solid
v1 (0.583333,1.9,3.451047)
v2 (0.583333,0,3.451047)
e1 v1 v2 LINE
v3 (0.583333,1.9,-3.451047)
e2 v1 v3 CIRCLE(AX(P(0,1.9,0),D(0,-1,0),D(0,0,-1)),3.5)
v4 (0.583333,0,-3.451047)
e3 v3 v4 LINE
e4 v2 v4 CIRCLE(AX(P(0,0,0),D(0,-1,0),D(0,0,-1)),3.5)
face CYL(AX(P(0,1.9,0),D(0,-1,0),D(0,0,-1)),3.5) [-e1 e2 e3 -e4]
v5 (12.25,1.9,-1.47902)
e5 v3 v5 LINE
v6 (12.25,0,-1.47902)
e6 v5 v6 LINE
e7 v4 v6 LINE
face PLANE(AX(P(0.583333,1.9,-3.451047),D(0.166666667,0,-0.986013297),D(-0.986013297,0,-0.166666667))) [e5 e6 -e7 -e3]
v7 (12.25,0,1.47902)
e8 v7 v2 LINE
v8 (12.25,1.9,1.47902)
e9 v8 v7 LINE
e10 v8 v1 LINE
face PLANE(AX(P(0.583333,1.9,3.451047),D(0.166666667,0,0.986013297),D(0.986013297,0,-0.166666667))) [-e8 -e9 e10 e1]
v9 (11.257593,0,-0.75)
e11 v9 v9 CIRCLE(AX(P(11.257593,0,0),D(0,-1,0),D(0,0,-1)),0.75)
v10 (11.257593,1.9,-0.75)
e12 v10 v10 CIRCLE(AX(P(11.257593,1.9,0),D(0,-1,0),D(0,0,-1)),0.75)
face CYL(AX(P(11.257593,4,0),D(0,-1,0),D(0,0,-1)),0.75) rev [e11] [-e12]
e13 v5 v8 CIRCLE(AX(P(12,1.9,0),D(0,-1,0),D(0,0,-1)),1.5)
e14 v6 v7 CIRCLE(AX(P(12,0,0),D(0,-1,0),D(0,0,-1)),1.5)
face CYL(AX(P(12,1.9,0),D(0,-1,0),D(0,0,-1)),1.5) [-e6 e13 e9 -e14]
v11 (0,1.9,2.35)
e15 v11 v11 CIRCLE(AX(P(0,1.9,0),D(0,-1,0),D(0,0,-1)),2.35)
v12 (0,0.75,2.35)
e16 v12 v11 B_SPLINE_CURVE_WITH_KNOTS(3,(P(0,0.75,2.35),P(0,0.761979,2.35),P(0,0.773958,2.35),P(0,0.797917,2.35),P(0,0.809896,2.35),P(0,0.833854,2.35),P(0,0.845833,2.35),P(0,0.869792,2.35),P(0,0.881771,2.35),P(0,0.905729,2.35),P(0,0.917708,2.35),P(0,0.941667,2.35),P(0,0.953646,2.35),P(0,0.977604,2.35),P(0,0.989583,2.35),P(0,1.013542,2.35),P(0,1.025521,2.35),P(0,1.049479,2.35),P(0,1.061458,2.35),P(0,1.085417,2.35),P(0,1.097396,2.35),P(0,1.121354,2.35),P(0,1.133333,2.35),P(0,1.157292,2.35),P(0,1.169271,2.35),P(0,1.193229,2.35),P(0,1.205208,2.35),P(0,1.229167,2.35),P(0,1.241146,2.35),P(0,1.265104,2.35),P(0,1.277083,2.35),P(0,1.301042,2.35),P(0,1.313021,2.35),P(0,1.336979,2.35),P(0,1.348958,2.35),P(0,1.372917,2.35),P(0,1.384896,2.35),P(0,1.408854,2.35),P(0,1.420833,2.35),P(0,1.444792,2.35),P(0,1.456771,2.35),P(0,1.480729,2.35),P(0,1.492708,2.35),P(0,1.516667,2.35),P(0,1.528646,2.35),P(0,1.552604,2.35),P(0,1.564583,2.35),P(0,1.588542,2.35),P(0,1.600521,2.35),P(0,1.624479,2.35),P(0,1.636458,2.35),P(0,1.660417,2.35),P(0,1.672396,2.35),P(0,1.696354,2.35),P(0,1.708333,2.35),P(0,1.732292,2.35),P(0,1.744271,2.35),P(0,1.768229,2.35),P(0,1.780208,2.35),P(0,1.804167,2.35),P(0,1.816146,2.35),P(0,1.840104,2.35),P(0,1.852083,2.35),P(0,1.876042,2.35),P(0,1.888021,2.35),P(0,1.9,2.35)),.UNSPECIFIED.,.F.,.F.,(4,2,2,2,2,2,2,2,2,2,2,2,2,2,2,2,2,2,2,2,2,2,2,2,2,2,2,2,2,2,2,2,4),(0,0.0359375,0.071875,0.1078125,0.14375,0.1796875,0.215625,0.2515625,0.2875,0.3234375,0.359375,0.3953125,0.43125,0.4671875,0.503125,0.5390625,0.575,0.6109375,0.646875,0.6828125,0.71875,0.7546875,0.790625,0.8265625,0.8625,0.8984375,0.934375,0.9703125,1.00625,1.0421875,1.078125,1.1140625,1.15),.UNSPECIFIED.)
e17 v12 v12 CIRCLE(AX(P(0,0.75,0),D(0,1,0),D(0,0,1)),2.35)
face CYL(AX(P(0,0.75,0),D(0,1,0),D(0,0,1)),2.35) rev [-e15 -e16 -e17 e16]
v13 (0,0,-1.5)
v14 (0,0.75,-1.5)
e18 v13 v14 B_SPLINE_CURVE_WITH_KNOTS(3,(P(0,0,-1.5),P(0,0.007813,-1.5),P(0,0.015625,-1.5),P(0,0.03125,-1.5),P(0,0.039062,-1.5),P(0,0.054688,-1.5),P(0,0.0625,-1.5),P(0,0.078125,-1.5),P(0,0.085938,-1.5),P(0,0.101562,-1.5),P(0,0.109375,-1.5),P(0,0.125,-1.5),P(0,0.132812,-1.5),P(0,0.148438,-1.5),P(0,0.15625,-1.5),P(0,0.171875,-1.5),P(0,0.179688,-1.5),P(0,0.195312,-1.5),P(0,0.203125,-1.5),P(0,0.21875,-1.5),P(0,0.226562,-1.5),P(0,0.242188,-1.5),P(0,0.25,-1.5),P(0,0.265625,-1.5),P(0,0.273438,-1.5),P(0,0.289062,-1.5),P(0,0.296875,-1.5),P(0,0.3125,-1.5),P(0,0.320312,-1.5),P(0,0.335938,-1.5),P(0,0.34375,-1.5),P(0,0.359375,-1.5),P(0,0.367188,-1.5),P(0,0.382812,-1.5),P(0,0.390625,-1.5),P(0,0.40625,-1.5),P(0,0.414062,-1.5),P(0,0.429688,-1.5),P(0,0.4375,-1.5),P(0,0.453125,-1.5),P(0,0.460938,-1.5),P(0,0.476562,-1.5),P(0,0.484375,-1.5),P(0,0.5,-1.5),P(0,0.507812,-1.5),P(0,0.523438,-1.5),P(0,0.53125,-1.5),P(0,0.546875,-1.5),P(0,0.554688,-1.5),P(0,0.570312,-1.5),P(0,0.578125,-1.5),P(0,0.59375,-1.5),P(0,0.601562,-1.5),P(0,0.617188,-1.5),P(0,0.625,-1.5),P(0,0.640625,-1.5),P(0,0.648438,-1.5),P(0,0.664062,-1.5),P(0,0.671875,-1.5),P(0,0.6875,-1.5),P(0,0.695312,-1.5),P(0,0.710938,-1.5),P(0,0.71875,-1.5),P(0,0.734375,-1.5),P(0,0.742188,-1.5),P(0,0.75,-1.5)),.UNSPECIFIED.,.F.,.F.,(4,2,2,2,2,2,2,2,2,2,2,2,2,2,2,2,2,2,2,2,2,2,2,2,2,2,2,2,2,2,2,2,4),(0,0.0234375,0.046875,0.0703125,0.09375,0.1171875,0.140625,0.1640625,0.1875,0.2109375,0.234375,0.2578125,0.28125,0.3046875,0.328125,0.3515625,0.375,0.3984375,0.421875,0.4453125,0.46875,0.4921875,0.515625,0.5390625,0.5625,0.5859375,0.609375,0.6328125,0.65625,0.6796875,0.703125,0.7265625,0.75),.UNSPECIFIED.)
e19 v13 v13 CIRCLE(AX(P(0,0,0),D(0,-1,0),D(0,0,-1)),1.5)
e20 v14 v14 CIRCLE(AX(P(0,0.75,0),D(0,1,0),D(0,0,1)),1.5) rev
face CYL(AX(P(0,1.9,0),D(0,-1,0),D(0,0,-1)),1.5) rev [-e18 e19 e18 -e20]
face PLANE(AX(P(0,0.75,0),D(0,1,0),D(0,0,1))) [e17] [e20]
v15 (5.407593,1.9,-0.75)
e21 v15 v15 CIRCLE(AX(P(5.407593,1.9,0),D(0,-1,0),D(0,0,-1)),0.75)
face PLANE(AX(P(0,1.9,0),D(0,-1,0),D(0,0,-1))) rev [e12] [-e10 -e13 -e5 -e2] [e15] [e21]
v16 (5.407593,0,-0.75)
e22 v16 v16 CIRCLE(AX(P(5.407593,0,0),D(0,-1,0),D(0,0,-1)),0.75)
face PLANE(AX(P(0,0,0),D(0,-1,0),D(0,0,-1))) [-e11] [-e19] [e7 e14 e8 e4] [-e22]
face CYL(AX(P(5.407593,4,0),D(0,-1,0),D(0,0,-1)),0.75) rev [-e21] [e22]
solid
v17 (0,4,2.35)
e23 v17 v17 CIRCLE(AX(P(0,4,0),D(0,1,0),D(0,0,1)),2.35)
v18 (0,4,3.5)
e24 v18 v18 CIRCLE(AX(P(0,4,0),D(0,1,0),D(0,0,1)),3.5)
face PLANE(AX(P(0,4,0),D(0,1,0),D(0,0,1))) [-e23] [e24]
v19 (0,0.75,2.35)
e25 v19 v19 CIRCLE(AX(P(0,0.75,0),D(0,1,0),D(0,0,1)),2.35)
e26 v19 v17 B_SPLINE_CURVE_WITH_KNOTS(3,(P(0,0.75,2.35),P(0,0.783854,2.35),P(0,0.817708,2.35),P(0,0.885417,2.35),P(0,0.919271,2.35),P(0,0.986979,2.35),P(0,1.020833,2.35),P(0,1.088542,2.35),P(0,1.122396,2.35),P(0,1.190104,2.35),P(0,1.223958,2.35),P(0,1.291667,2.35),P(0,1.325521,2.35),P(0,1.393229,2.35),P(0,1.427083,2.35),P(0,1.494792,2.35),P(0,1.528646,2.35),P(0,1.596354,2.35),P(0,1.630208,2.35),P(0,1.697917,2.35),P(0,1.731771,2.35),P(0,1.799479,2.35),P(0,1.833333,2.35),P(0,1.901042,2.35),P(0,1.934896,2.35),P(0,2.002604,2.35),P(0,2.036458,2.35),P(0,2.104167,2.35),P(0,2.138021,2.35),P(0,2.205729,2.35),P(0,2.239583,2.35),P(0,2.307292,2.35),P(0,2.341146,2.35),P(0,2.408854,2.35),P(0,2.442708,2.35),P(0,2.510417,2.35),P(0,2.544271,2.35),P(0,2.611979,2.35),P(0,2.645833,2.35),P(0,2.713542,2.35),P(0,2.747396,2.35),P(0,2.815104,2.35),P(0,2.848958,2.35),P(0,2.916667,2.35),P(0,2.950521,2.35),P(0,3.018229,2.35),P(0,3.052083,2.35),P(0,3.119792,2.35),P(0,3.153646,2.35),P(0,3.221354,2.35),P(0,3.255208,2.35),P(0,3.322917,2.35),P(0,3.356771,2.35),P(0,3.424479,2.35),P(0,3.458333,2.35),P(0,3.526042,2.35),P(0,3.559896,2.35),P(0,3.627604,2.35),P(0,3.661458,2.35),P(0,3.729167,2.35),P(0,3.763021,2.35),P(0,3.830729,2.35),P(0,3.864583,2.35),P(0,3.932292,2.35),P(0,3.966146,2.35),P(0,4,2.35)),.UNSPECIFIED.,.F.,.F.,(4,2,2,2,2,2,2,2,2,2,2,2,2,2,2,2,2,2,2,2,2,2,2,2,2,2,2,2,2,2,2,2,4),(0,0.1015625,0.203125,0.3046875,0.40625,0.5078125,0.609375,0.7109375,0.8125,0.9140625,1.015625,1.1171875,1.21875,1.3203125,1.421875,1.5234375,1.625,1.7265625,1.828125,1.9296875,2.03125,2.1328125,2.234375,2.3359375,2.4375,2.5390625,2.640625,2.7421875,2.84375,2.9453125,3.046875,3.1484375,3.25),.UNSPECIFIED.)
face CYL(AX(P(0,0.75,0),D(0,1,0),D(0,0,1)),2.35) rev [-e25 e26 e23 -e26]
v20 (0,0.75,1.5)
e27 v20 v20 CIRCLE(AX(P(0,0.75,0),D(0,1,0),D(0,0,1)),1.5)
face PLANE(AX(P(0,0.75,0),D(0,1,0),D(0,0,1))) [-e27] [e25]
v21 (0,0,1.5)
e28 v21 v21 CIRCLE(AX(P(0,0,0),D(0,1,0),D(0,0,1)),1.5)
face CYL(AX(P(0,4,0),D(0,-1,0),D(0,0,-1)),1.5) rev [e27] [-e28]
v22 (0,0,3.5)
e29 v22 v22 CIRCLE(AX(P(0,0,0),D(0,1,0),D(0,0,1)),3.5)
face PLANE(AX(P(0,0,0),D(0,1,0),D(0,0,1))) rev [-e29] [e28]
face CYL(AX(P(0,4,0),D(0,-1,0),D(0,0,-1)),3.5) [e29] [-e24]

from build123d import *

# Parameters (mm, degrees)
SKETCH1_R           = 3.5
SKETCH1_R_2         = 1.5
BOSS_EXTRUDE1_DEPTH = 4
SKETCH2_R           = 1.5
BOSS_EXTRUDE2_DEPTH = 1.9
SKETCH3_R           = 2.35
CUT_EXTRUDE1_DEPTH  = 3.25
SKETCH5_R           = 0.75
CUT_EXTRUDE2_DEPTH  = 15.508618129


with BuildPart() as part:
    # Sketch1 → Boss-Extrude1 (new body)
    with BuildSketch(Plane(origin=(0, 0, 0), x_dir=(1, 0, 0), z_dir=(0, 1, 0))):
        with Locations(Location((0, 0, 0), (0, 0, 270))):
            Circle(SKETCH1_R)
        with Locations(Location((0, 0, 0), (0, 0, 270))):
            Circle(SKETCH1_R_2, mode=Mode.SUBTRACT)
    extrude(amount=BOSS_EXTRUDE1_DEPTH)


with BuildPart() as body_2:
    # Sketch2 → Boss-Extrude2 (new body)
    with BuildSketch(Plane.XZ):
        with BuildLine():
            Line((0.583333333, 3.45104654), (12.25, 1.479019946))
            ThreePointArc((12.25, 1.479019946), (13.5, 0), (12.25, -1.479019946))
            Line((12.25, -1.479019946), (0.583333333, -3.45104654))
            ThreePointArc((0.583333333, -3.45104654), (-3.5, 0), (0.583333333, 3.45104654))
        make_face()
        with Locations(Location((0, 0, 0), (0, 0, 270))):
            Circle(SKETCH2_R, mode=Mode.SUBTRACT)
    extrude(amount=-BOSS_EXTRUDE2_DEPTH)


with BuildPart() as cut_extrude1_tool:
    # Sketch3 → Cut-Extrude1 (new body)
    with BuildSketch(Plane(origin=(0, 4, 0), x_dir=(1, 0, 0), z_dir=(0, 1, 0))):
        with Locations(Location((0, 0, 0), (0, 0, 270))):
            Circle(SKETCH3_R)
    extrude(amount=-CUT_EXTRUDE1_DEPTH)


with BuildPart() as part_1:
    add(part.part)

    # Cut-Extrude1: cut by cut_extrude1_tool
    add(cut_extrude1_tool.part, mode=Mode.SUBTRACT)


with BuildPart() as body_2_1:
    add(body_2.part)

    # Cut-Extrude1: cut by cut_extrude1_tool
    add(cut_extrude1_tool.part, mode=Mode.SUBTRACT)

    # Sketch5 → Cut-Extrude2 (cut, through all)
    with BuildSketch(Plane.XZ):
        with Locations(Location((11.257592571, 0, 0), (0, 0, 270))):
            Circle(SKETCH5_R)
        with Locations(Location((5.407592571, 0, 0), (0, 0, 270))):
            Circle(SKETCH5_R)
    extrude(amount=-CUT_EXTRUDE2_DEPTH, mode=Mode.SUBTRACT)


solid = Compound([part_1.part, body_2_1.part])
